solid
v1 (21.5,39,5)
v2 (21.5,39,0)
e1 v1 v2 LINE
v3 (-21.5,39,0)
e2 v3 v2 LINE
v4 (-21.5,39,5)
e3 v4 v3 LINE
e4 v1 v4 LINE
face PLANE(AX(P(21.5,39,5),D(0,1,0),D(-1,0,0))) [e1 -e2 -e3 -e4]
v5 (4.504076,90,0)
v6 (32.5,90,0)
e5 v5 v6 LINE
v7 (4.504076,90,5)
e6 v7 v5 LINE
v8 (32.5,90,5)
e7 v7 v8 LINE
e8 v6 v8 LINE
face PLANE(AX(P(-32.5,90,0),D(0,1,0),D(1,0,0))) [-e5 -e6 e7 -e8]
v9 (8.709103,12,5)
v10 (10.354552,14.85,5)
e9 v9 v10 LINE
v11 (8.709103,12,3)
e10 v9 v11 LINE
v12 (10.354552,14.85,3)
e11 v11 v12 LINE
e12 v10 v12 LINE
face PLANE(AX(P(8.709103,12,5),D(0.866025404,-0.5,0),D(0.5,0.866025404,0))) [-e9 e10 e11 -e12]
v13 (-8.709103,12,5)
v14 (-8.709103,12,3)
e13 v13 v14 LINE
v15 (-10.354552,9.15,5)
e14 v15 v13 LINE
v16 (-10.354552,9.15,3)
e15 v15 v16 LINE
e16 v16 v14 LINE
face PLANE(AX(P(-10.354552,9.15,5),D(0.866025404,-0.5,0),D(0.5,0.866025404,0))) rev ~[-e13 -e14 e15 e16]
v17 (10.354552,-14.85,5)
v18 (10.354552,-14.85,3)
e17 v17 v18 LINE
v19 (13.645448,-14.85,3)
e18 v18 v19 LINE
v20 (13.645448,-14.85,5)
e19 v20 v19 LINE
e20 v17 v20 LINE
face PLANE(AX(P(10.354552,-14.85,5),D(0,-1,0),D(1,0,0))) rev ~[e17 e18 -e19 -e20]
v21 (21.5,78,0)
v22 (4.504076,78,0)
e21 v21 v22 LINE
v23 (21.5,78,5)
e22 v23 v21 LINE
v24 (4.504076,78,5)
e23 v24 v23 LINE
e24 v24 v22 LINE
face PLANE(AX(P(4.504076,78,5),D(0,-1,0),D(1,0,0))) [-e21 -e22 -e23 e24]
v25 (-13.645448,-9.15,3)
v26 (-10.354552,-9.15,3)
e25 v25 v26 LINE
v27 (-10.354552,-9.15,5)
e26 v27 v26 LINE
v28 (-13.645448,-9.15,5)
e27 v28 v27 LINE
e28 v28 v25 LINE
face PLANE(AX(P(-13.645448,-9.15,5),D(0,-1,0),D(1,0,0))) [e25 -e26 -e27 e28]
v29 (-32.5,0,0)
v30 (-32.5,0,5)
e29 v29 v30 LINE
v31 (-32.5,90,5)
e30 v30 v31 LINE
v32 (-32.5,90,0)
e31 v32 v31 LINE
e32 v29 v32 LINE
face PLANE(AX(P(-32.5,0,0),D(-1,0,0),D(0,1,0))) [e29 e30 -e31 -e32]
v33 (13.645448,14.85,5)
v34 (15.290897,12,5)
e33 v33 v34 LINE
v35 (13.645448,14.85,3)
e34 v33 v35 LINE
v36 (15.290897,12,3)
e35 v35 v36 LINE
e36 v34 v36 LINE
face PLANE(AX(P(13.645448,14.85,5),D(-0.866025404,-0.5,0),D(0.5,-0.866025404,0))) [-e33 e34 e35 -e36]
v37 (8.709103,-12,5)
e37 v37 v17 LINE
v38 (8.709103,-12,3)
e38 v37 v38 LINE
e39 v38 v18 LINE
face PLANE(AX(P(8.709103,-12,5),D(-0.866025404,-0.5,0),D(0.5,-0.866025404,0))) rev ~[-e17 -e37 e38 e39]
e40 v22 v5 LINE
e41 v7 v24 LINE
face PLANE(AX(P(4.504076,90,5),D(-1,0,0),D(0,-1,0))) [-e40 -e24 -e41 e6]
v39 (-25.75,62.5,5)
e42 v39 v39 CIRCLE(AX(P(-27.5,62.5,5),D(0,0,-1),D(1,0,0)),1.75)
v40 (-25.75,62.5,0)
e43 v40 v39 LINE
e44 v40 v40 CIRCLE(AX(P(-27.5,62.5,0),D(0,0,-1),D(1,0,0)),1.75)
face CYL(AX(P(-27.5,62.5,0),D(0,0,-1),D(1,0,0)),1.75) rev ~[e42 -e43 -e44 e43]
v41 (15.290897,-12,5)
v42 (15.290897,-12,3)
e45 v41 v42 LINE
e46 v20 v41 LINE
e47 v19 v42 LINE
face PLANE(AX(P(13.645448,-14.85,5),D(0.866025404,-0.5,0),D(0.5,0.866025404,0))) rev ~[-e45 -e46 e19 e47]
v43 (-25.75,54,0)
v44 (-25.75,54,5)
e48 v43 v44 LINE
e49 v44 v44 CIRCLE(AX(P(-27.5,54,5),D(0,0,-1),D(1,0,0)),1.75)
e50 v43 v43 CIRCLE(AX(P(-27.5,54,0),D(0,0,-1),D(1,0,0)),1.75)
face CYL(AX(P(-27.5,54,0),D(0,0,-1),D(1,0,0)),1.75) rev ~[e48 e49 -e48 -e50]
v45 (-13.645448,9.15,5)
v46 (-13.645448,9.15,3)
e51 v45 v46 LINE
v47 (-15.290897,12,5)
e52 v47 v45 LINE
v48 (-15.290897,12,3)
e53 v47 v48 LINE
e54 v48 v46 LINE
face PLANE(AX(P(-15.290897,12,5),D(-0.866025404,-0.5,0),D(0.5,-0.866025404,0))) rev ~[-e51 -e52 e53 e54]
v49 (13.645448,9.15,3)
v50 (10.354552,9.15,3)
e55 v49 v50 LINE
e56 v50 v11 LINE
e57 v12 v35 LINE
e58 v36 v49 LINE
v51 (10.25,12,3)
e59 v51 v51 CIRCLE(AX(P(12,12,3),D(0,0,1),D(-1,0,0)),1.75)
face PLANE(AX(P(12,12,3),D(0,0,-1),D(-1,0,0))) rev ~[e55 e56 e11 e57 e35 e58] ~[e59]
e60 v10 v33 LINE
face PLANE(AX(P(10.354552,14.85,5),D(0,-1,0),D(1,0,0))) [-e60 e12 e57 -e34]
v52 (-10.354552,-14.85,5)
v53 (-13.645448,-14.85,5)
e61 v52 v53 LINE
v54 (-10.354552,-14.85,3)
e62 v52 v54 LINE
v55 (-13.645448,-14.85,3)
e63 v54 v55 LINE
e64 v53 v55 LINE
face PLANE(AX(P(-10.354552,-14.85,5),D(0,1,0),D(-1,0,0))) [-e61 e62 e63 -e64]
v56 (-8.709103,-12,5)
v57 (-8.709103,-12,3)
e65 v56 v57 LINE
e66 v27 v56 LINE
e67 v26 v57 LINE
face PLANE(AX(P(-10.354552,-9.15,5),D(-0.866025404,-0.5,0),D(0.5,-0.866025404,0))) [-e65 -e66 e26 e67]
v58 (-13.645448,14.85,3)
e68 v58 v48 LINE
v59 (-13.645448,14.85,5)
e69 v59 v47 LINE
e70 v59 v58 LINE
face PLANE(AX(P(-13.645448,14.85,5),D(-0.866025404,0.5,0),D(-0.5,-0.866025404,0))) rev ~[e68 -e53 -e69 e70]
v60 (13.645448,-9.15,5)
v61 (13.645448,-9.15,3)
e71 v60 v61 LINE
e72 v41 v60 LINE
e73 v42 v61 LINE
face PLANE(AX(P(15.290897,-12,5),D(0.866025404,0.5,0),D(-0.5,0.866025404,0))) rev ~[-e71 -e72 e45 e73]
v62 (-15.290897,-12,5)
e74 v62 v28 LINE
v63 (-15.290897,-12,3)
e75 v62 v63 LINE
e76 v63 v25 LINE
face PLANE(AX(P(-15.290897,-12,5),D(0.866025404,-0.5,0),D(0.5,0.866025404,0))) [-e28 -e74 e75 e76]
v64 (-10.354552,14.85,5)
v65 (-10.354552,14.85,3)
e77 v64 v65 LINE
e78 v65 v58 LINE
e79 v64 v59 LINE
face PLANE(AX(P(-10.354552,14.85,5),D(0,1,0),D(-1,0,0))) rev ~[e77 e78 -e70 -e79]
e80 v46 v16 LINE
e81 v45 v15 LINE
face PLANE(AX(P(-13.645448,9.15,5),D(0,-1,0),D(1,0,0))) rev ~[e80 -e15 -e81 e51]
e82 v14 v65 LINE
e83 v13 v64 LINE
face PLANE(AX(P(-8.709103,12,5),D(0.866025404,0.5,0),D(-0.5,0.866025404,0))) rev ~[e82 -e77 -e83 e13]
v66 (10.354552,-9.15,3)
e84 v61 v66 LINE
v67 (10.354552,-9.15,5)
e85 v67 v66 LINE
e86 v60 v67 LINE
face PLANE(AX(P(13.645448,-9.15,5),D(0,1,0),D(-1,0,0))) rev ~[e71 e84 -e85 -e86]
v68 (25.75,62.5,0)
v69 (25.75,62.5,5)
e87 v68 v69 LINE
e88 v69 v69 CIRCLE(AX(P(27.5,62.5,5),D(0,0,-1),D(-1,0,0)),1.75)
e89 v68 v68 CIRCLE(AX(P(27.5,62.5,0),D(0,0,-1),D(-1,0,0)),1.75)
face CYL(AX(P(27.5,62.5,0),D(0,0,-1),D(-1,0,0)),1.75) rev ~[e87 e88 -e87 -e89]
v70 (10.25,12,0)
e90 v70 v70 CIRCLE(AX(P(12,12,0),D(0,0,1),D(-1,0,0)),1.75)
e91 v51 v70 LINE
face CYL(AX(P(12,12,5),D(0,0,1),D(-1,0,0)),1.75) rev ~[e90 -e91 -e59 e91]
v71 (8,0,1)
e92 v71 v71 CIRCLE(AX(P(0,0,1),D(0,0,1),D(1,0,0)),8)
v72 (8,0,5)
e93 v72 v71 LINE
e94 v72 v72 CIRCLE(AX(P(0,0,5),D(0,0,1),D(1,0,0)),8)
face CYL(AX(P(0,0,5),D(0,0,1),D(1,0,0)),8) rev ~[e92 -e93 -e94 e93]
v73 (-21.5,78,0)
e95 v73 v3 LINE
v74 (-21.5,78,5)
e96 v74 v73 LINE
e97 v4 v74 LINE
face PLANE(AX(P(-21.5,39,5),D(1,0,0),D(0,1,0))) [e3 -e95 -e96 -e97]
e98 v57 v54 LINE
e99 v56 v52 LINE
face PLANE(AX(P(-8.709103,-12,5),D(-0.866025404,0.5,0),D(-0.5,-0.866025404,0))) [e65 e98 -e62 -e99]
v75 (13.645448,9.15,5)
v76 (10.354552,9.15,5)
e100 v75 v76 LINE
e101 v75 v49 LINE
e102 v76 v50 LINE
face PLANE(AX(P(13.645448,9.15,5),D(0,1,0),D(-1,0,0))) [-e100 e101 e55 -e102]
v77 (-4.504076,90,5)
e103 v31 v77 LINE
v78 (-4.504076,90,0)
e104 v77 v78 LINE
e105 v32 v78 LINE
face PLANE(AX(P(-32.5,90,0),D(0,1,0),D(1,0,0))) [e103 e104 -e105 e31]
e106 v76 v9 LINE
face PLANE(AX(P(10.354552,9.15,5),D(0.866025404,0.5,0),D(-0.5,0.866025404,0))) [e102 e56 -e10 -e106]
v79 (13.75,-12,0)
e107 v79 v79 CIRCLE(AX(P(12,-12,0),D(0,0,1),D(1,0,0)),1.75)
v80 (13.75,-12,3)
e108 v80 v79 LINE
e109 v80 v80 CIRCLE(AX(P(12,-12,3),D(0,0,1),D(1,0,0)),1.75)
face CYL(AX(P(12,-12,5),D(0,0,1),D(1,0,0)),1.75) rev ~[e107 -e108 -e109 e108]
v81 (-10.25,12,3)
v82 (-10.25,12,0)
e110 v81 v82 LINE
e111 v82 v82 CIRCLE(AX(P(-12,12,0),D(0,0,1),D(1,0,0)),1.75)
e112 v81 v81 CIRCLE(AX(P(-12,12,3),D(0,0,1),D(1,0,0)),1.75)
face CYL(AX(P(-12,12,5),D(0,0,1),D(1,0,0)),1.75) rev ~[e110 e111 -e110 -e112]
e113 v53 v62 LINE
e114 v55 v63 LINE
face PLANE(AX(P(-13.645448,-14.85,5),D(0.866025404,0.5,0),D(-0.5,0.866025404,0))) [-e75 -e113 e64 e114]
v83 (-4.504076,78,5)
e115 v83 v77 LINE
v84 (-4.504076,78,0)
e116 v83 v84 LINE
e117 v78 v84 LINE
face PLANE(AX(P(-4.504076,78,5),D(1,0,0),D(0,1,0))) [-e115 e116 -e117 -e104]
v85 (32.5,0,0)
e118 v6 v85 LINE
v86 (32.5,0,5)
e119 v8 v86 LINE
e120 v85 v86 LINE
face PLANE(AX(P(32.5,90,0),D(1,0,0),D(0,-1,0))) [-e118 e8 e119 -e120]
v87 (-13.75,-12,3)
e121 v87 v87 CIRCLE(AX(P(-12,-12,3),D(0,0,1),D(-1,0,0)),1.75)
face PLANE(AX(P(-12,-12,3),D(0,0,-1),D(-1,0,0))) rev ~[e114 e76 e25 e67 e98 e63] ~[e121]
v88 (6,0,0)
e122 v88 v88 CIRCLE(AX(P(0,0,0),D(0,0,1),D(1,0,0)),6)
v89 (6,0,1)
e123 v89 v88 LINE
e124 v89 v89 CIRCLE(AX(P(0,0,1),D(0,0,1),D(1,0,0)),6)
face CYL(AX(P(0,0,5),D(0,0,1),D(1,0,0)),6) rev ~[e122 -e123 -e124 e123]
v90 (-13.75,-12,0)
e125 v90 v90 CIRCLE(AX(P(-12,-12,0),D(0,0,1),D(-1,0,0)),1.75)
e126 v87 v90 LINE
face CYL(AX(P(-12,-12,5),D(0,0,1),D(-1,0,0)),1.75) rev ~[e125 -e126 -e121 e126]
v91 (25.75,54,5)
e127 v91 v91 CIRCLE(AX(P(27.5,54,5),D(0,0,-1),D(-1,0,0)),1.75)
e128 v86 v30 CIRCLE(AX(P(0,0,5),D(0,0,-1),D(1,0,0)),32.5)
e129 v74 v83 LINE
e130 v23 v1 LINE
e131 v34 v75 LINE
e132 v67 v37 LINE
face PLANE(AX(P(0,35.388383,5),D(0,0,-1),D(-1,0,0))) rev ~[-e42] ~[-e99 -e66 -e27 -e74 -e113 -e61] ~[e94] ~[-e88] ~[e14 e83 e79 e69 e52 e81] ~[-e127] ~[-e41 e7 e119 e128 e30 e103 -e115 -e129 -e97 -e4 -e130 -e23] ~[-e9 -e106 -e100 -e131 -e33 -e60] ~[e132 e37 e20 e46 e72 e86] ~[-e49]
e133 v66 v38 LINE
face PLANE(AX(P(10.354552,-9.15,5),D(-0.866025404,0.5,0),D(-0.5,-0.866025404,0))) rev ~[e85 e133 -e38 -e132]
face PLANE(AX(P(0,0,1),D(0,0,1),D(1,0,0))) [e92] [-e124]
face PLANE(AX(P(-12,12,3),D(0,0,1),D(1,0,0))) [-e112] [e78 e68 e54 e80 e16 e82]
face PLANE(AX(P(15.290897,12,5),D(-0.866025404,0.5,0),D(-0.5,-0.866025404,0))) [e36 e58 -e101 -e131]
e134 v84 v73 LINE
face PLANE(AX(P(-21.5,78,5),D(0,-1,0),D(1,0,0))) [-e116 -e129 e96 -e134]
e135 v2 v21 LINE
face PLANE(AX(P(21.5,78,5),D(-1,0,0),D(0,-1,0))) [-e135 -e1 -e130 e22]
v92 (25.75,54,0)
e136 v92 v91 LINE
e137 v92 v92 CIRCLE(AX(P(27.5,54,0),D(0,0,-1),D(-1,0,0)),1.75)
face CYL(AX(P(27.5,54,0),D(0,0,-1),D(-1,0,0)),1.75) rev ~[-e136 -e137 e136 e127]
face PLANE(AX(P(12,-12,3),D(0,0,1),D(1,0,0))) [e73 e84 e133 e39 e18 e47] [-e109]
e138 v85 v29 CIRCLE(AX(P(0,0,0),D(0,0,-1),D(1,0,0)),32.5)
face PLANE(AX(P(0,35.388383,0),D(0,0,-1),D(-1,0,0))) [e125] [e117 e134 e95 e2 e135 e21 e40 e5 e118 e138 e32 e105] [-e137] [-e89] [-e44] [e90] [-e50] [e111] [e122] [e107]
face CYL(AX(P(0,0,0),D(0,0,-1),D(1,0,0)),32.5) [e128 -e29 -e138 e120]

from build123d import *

# Parameters (mm, degrees)
BOSS_EXTRUDE1_DEPTH = 5
SKETCH2_R           = 6
CUT_EXTRUDE1_DEPTH  = 96.818839484
SKETCH3_R           = 8
CUT_EXTRUDE2_DEPTH  = 4
SKETCH4_R           = 1.75
CUT_EXTRUDE3_DEPTH  = 96.818839484
CUT_EXTRUDE4_DEPTH  = 96.818839484
CUT_EXTRUDE6_DEPTH  = 2
SKETCH8_R           = 1.75
CUT_EXTRUDE7_DEPTH  = 96.818839484


with BuildPart() as part:
    # Sketch1 → Boss-Extrude1 (new body)
    with BuildSketch(Plane.XY):
        with BuildLine():
            Line((-32.5, 0), (-32.5, 90))
            Line((-32.5, 90), (32.5, 90))
            Line((32.5, 90), (32.5, 0))
            ThreePointArc((32.5, 0), (0, -32.5), (-32.5, 0))
        make_face()
    extrude(amount=BOSS_EXTRUDE1_DEPTH)

    # Sketch2 → Cut-Extrude1 (cut, through all)
    with BuildSketch(Plane.XY.offset(5)):
        Circle(SKETCH2_R)
    extrude(amount=-CUT_EXTRUDE1_DEPTH, mode=Mode.SUBTRACT)

    # Sketch3 → Cut-Extrude2 (cut)
    with BuildSketch(Plane.XY.offset(5)):
        Circle(SKETCH3_R)
    extrude(amount=-CUT_EXTRUDE2_DEPTH, mode=Mode.SUBTRACT)

    # Sketch4 → Cut-Extrude3 (cut, through all)
    with BuildSketch(Plane.XY.offset(5)):
        with Locations((-12, 12)):
            Circle(SKETCH4_R)
        with Locations(Location((12, 12, 0), (0, 0, 180))):
            Circle(SKETCH4_R)
        with Locations((12, -12)):
            Circle(SKETCH4_R)
        with Locations(Location((-12, -12, 0), (0, 0, 180))):
            Circle(SKETCH4_R)
    extrude(amount=-CUT_EXTRUDE3_DEPTH, mode=Mode.SUBTRACT)

    # Sketch5 → Cut-Extrude4 (cut, through all)
    with BuildSketch(Plane.XY.offset(5)):
        Polygon((-21.5, 78), (-4.504076159, 78), (-4.504076159, 90), (4.504076159, 90), (4.504076159, 78), (21.5, 78), (21.5, 39), (-21.5, 39), align=None)
    extrude(amount=-CUT_EXTRUDE4_DEPTH, mode=Mode.SUBTRACT)

    # Sketch7 → Cut-Extrude6 (cut)
    with BuildSketch(Plane.XY.offset(5)):
        Polygon((-8.709103466, 12), (-10.354551733, 14.85), (-13.645448267, 14.85), (-15.290896534, 12), (-13.645448267, 9.15), (-10.354551733, 9.15), align=None)
        Polygon((10.354551733, 9.15), (8.709103466, 12), (10.354551733, 14.85), (13.645448267, 14.85), (15.290896534, 12), (13.645448267, 9.15), align=None)
        Polygon((8.709103466, -12), (10.354551733, -14.85), (13.645448267, -14.85), (15.290896534, -12), (13.645448267, -9.15), (10.354551733, -9.15), align=None)
        Polygon((-10.354551733, -9.15), (-8.709103466, -12), (-10.354551733, -14.85), (-13.645448267, -14.85), (-15.290896534, -12), (-13.645448267, -9.15), align=None)
    extrude(amount=-CUT_EXTRUDE6_DEPTH, mode=Mode.SUBTRACT)

    # Sketch8 → Cut-Extrude7 (cut, through all)
    with BuildSketch(Plane(origin=(0, 0, 0), x_dir=(-1, 0, 0), z_dir=(0, 0, -1))):
        with Locations((-27.5, 62.5)):
            Circle(SKETCH8_R)
        with Locations((-27.5, 54)):
            Circle(SKETCH8_R)
        with Locations(Location((27.5, 54, 0), (0, 0, 180))):
            Circle(SKETCH8_R)
        with Locations(Location((27.5, 62.5, 0), (0, 0, 180))):
            Circle(SKETCH8_R)
    extrude(amount=-CUT_EXTRUDE7_DEPTH, mode=Mode.SUBTRACT)


solid = part.part
